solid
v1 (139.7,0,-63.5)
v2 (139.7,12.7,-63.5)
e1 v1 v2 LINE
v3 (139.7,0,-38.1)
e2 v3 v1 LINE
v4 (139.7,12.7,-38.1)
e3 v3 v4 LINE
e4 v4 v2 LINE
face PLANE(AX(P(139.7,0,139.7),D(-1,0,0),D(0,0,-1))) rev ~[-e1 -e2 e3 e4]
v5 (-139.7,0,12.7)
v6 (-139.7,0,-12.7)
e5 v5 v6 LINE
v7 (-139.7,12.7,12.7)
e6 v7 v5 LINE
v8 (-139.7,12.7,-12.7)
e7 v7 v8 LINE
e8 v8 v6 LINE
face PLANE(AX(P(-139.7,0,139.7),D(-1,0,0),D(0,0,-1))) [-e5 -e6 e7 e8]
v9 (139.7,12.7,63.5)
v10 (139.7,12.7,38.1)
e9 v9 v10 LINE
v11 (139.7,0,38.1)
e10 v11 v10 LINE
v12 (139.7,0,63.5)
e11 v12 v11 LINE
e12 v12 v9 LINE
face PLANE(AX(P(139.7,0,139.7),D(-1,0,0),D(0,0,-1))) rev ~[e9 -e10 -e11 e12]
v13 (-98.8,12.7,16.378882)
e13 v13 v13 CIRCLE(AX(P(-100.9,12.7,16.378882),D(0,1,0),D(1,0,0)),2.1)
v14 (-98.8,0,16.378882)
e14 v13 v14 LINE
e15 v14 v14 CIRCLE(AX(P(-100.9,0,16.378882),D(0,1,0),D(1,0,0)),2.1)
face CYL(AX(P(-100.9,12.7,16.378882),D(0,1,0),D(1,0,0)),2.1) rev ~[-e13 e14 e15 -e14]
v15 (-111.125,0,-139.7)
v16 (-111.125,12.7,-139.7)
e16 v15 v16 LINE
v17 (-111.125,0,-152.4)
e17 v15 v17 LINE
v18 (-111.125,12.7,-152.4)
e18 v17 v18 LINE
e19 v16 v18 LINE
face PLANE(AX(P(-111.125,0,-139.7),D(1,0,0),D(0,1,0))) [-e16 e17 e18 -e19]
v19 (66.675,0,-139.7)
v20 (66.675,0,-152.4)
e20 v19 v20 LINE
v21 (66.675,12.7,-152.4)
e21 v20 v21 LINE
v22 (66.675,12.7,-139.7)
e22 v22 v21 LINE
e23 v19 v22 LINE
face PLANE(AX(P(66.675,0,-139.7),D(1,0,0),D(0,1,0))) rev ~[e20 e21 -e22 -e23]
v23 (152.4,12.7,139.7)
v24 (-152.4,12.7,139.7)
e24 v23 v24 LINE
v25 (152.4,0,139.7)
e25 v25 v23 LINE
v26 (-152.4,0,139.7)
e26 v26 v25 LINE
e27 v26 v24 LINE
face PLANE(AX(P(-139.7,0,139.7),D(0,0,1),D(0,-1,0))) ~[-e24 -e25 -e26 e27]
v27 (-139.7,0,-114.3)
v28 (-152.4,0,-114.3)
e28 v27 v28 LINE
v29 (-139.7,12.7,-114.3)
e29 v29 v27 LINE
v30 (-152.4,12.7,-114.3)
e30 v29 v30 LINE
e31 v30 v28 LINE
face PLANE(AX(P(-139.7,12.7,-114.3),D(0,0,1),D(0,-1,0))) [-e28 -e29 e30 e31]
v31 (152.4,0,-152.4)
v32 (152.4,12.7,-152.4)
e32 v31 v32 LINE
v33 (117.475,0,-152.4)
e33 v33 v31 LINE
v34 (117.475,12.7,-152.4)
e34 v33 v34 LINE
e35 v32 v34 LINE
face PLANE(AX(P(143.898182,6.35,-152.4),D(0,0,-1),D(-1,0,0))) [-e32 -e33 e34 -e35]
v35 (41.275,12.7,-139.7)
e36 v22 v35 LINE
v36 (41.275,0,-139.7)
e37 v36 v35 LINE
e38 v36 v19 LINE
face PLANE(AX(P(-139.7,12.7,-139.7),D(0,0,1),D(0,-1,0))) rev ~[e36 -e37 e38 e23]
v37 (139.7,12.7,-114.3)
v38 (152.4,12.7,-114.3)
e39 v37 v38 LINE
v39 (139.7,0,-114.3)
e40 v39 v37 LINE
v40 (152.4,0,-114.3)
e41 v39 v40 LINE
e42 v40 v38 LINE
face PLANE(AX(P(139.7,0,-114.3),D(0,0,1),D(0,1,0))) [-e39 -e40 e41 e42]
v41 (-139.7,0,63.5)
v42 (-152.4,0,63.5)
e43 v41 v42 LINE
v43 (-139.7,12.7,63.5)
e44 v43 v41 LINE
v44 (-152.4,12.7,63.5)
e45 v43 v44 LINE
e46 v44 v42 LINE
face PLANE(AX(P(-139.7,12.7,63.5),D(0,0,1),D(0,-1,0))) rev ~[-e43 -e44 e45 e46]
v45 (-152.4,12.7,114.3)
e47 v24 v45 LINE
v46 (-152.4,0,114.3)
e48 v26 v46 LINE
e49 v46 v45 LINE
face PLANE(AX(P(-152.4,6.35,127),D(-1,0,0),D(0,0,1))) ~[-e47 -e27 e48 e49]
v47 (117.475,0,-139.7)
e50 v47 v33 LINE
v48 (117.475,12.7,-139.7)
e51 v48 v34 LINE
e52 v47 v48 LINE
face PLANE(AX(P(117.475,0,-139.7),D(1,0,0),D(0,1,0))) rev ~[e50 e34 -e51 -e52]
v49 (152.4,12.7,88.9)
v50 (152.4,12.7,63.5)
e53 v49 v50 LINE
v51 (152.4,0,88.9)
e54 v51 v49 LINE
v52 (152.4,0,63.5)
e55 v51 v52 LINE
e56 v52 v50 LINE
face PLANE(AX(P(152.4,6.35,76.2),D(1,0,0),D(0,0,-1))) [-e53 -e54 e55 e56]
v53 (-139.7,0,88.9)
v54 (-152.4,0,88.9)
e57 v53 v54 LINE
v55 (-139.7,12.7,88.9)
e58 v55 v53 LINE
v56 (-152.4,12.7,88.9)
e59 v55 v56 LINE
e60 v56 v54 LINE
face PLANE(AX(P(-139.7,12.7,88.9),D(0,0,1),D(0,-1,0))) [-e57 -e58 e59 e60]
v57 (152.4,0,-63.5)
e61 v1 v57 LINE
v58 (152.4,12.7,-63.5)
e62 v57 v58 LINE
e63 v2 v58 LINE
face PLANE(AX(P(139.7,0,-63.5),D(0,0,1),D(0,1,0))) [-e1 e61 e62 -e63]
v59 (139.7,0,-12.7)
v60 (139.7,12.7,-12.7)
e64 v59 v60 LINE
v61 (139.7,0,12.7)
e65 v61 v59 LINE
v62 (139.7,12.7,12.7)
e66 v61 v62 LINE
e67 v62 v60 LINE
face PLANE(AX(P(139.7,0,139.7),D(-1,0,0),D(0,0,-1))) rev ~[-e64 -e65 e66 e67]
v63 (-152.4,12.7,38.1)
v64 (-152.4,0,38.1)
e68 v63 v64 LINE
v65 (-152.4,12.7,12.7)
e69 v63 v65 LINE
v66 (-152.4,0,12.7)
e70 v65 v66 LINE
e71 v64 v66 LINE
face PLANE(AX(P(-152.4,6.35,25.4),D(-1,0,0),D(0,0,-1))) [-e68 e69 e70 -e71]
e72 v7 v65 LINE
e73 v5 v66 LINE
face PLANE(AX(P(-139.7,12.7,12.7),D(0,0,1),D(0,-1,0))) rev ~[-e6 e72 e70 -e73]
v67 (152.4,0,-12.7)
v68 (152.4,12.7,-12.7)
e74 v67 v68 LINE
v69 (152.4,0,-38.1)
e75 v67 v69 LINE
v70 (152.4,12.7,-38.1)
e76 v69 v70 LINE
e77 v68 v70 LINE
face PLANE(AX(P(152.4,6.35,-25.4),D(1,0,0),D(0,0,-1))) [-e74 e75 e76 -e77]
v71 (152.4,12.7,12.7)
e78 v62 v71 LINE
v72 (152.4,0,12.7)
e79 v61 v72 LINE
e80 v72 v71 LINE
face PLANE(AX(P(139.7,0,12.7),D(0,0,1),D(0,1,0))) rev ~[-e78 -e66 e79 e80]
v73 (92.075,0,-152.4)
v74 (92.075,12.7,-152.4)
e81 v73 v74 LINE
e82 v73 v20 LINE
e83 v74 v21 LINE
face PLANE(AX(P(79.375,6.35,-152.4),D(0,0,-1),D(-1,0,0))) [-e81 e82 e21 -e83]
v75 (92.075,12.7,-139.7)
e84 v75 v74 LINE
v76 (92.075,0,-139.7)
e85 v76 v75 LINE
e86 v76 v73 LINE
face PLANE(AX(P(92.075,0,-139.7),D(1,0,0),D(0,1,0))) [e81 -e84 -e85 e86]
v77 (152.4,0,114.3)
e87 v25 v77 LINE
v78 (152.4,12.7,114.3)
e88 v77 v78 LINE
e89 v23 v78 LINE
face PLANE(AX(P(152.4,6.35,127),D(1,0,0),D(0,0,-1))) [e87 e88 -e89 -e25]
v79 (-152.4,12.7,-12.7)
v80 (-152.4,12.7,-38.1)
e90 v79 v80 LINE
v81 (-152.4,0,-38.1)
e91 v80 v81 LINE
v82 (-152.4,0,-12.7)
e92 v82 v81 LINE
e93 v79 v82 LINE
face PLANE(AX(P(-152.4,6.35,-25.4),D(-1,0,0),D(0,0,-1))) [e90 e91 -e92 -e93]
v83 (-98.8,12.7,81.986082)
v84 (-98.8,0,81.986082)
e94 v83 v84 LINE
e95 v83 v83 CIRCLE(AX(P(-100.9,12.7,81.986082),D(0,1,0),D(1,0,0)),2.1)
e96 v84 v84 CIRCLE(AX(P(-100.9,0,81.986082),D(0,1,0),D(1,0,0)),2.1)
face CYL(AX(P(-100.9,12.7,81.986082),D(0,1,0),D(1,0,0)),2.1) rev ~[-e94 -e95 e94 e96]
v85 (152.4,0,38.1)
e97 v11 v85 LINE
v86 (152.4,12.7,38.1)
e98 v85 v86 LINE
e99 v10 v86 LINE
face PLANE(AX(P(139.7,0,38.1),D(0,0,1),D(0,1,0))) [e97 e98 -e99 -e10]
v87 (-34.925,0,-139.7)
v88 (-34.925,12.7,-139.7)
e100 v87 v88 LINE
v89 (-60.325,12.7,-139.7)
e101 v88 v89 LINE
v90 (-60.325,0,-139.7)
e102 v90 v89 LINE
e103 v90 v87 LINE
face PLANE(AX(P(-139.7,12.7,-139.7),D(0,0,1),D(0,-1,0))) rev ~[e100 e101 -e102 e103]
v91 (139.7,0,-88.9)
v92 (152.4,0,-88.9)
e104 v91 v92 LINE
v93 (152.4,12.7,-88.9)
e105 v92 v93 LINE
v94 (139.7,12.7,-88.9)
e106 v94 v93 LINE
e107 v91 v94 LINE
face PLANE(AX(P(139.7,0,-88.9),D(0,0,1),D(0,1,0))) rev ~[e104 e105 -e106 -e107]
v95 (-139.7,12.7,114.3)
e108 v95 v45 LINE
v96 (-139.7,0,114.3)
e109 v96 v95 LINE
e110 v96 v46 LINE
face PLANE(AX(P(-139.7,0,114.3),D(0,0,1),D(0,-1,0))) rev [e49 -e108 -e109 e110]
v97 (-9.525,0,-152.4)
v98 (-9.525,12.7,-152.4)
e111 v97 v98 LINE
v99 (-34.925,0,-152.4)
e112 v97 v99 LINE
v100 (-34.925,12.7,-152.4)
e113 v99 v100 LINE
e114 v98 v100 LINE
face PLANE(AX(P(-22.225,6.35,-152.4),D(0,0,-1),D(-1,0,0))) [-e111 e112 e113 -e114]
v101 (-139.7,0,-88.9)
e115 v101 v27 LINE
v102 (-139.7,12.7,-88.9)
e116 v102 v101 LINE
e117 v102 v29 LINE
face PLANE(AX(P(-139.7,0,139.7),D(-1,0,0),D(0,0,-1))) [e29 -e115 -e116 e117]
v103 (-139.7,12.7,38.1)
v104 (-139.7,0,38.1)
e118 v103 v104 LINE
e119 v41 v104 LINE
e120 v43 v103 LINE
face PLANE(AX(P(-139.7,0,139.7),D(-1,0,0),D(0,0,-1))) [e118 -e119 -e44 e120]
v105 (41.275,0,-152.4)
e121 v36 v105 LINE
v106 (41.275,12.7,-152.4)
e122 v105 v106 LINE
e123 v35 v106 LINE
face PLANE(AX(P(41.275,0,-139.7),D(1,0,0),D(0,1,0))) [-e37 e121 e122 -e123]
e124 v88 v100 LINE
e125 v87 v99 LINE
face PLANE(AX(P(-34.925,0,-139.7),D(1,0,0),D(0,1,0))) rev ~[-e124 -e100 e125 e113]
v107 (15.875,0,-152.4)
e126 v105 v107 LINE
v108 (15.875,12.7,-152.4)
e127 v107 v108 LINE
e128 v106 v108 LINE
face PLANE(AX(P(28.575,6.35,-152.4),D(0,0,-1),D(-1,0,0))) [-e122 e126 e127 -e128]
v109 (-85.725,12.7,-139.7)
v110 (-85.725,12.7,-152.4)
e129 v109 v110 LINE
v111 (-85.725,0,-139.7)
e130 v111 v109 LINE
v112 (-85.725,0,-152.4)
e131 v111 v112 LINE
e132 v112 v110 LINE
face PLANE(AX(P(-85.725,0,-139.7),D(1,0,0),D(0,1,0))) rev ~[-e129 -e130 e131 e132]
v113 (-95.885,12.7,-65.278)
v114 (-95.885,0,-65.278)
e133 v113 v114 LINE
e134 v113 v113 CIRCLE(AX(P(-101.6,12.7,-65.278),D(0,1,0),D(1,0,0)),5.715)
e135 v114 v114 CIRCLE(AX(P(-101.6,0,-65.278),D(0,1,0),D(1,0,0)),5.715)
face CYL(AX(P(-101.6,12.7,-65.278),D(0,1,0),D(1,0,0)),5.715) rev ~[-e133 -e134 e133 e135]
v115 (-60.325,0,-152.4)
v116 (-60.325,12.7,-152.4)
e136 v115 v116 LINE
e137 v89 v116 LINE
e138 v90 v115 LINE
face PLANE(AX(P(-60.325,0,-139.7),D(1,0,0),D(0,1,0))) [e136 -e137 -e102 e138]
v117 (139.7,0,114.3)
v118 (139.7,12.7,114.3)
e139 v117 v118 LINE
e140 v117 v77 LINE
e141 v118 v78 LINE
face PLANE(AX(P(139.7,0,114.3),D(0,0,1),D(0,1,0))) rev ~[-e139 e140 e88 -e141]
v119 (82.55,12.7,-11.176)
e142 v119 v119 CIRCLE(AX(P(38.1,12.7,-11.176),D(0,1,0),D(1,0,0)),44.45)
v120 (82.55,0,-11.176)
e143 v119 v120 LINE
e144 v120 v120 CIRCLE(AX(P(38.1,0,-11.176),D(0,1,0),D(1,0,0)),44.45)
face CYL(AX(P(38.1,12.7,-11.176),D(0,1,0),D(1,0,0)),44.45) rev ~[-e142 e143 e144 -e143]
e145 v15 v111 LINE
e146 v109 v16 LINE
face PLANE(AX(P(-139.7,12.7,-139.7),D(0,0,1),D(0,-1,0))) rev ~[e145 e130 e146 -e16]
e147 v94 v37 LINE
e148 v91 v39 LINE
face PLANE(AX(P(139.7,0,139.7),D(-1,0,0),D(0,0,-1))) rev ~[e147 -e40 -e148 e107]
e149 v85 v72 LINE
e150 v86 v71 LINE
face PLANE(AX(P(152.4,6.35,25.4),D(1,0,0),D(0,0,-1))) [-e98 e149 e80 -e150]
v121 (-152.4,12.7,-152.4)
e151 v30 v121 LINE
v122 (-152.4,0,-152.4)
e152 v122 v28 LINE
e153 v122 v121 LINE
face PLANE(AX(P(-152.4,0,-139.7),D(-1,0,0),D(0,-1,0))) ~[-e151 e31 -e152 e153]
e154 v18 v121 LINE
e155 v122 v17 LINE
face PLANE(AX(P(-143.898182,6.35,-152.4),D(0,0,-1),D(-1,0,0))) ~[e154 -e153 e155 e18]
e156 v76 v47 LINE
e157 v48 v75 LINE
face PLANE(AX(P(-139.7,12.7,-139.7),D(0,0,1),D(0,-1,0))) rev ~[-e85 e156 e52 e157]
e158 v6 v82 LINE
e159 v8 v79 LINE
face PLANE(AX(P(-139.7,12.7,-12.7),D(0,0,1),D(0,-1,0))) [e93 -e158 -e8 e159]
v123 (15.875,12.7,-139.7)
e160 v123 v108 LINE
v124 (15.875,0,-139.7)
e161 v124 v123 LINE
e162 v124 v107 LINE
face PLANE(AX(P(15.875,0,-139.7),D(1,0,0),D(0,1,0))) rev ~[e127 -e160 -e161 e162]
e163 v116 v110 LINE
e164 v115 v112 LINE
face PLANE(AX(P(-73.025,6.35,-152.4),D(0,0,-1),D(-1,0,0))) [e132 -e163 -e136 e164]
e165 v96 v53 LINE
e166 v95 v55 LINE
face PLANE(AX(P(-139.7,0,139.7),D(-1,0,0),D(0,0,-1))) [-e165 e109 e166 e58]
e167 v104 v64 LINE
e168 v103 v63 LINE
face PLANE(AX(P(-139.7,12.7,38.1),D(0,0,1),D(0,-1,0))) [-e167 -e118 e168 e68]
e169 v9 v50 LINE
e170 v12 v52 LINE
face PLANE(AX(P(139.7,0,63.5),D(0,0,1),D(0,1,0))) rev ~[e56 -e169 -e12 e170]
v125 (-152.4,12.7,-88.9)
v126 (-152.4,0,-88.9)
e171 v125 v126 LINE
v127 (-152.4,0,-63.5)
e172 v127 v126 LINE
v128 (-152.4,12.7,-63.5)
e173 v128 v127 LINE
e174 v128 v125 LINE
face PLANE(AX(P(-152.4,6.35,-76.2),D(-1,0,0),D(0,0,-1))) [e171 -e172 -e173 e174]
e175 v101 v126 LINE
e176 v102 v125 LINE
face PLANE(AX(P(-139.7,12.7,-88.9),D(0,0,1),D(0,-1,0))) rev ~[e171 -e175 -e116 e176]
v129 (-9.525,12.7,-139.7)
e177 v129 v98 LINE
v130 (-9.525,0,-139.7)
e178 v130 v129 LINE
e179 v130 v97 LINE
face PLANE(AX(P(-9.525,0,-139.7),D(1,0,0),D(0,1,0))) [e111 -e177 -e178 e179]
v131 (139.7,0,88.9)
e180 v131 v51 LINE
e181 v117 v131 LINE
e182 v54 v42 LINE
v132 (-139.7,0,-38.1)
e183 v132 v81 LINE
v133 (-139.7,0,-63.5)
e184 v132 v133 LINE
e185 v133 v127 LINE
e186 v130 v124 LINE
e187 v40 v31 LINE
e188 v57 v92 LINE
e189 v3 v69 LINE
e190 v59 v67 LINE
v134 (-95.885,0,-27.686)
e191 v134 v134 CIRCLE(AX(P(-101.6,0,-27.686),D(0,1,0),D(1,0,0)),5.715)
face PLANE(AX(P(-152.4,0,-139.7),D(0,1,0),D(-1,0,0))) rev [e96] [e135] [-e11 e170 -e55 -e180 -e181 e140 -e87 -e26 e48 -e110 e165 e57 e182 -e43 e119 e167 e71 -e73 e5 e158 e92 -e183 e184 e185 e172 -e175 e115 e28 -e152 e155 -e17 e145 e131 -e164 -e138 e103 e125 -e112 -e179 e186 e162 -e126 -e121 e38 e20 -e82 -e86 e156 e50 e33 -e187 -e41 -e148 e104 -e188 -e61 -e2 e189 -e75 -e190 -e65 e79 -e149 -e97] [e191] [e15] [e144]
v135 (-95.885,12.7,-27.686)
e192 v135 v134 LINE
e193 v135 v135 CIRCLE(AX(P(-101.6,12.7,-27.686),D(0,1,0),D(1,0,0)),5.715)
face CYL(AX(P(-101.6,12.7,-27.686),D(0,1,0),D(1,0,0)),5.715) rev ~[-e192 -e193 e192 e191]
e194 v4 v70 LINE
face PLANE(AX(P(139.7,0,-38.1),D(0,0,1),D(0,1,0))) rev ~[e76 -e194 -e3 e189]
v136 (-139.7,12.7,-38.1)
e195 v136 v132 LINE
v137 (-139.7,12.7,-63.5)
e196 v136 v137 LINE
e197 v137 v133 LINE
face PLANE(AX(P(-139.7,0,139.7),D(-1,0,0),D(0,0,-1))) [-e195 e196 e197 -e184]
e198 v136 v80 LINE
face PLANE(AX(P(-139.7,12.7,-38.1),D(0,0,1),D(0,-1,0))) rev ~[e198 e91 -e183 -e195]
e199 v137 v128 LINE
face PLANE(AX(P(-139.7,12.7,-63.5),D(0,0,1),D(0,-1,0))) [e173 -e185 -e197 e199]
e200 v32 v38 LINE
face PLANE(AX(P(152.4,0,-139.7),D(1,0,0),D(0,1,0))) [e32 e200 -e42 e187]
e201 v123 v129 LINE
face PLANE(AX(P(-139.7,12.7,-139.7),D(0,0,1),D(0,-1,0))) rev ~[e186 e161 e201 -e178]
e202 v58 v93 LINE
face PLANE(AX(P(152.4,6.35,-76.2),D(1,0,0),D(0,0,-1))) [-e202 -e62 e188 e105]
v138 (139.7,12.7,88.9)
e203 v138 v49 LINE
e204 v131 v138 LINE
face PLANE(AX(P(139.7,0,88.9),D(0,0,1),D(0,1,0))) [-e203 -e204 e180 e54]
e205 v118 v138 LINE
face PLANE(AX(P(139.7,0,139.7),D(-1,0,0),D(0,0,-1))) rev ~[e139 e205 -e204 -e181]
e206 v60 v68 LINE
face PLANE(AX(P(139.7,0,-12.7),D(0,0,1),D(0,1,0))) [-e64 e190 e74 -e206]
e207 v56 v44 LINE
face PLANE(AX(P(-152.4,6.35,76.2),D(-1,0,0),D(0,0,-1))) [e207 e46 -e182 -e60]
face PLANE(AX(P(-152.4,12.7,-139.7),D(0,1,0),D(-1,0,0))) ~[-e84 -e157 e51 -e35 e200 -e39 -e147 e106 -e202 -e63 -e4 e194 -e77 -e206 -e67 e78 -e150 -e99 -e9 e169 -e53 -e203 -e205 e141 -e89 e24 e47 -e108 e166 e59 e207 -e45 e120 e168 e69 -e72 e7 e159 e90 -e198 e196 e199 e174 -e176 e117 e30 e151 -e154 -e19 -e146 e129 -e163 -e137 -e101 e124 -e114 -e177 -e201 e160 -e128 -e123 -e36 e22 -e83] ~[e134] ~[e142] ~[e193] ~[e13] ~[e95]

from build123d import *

# Parameters (mm, degrees)
SKETCH1_W               = 279.4
SKETCH1_H               = 279.4
BOSS_EXTRUDE1_DEPTH     = 12.7
SKETCH2_W               = 25.4
SKETCH2_H               = 12.7
BOSS_EXTRUDE2_DEPTH     = 12.7
LPATTERN1_COUNT         = 6
LPATTERN1_PITCH         = 50.8
MIRROR1_COPY_1_SKETCH_W = 25.4
MIRROR1_COPY_1_SKETCH_H = 12.7
MIRROR1_COPY_1_DEPTH    = 12.7
MIRROR1_COPY_2_SKETCH_W = 25.4
MIRROR1_COPY_2_SKETCH_H = 12.7
MIRROR1_COPY_2_DEPTH    = 12.7
MIRROR1_COPY_3_SKETCH_W = 25.4
MIRROR1_COPY_3_SKETCH_H = 12.7
MIRROR1_COPY_3_DEPTH    = 12.7
MIRROR1_COPY_4_SKETCH_W = 25.4
MIRROR1_COPY_4_SKETCH_H = 12.7
MIRROR1_COPY_4_DEPTH    = 12.7
MIRROR1_COPY_5_SKETCH_W = 25.4
MIRROR1_COPY_5_SKETCH_H = 12.7
MIRROR1_COPY_5_DEPTH    = 12.7
SKETCH3_W               = 25.4
SKETCH3_H               = 12.7
BOSS_EXTRUDE3_DEPTH     = 12.7
LPATTERN2_COUNT         = 6
LPATTERN2_PITCH         = 50.8
SKETCH5_W               = 17.00363529
SKETCH5_H               = 12.7
BOSS_EXTRUDE4_DEPTH     = 12.7
SKETCH6_R               = 44.45
CUT_EXTRUDE1_DEPTH      = 13.7
SKETCH7_R               = 5.715
CUT_EXTRUDE2_DEPTH      = 13.7
SKETCH8_R               = 2.1
CUT_EXTRUDE3_DEPTH      = 13.7


with BuildPart() as part:
    # Sketch1 → Boss-Extrude1 (new body)
    with BuildSketch(Plane(origin=(0, 0, 0), x_dir=(1, 0, 0), z_dir=(0, 1, 0))):
        Rectangle(SKETCH1_W, SKETCH1_H)
    extrude(amount=BOSS_EXTRUDE1_DEPTH)

    # Sketch2 → Boss-Extrude2 (add)
    with BuildSketch(Plane(origin=(139.7, 0, 0), x_dir=(0, 0, -1), z_dir=(1, 0, 0))):
        with Locations((-127, 6.35)):
            Rectangle(SKETCH2_W, SKETCH2_H)
    boss_extrude2 = extrude(amount=BOSS_EXTRUDE2_DEPTH)

    # LPattern1: Boss-Extrude2 ×6
    with Locations(*[(0, 0, -i * LPATTERN1_PITCH) for i in range(1, LPATTERN1_COUNT)]):
        add(boss_extrude2)

    # Mirror1: Boss-Extrude2 across plane
    add(boss_extrude2.mirror(Plane(origin=(0, 0, 0), x_dir=(0, 0, 1), z_dir=(1, 0, 0))))

    # Mirror1 copy 1 sketch → Mirror1 copy 1 (add)
    with BuildSketch(Plane(origin=(-139.7, 0, -50.8), x_dir=(0, 0, -1), z_dir=(-1, 0, 0))):
        with Locations((-127, -6.35)):
            Rectangle(MIRROR1_COPY_1_SKETCH_W, MIRROR1_COPY_1_SKETCH_H)
    extrude(amount=MIRROR1_COPY_1_DEPTH)

    # Mirror1 copy 2 sketch → Mirror1 copy 2 (add)
    with BuildSketch(Plane(origin=(-139.7, 0, -101.6), x_dir=(0, 0, -1), z_dir=(-1, 0, 0))):
        with Locations((-127, -6.35)):
            Rectangle(MIRROR1_COPY_2_SKETCH_W, MIRROR1_COPY_2_SKETCH_H)
    extrude(amount=MIRROR1_COPY_2_DEPTH)

    # Mirror1 copy 3 sketch → Mirror1 copy 3 (add)
    with BuildSketch(Plane(origin=(-139.7, 0, -152.4), x_dir=(0, 0, -1), z_dir=(-1, 0, 0))):
        with Locations((-127, -6.35)):
            Rectangle(MIRROR1_COPY_3_SKETCH_W, MIRROR1_COPY_3_SKETCH_H)
    extrude(amount=MIRROR1_COPY_3_DEPTH)

    # Mirror1 copy 4 sketch → Mirror1 copy 4 (add)
    with BuildSketch(Plane(origin=(-139.7, 0, -203.2), x_dir=(0, 0, -1), z_dir=(-1, 0, 0))):
        with Locations((-127, -6.35)):
            Rectangle(MIRROR1_COPY_4_SKETCH_W, MIRROR1_COPY_4_SKETCH_H)
    extrude(amount=MIRROR1_COPY_4_DEPTH)

    # Mirror1 copy 5 sketch → Mirror1 copy 5 (add)
    with BuildSketch(Plane(origin=(-139.7, 0, -254), x_dir=(0, 0, -1), z_dir=(-1, 0, 0))):
        with Locations((-127, -6.35)):
            Rectangle(MIRROR1_COPY_5_SKETCH_W, MIRROR1_COPY_5_SKETCH_H)
    extrude(amount=MIRROR1_COPY_5_DEPTH)

    # Sketch3 → Boss-Extrude3 (add)
    with BuildSketch(Plane(origin=(0, 0, -139.7), x_dir=(-1, 0, 0), z_dir=(0, 0, -1))):
        with Locations((-130.175, 6.35)):
            Rectangle(SKETCH3_W, SKETCH3_H)
    boss_extrude3 = extrude(amount=BOSS_EXTRUDE3_DEPTH)

    # LPattern2: Boss-Extrude3 ×6
    with Locations(*[(-i * LPATTERN2_PITCH, 0, 0) for i in range(1, LPATTERN2_COUNT)]):
        add(boss_extrude3)

    # Sketch5 → Boss-Extrude4 (add)
    with BuildSketch(Plane(origin=(0, 0, -139.7), x_dir=(-1, 0, 0), z_dir=(0, 0, -1))):
        with Locations((-143.898182355, 6.35)):
            Rectangle(SKETCH5_W, SKETCH5_H)
    boss_extrude4 = extrude(amount=BOSS_EXTRUDE4_DEPTH)

    # Mirror2: Boss-Extrude4 across plane
    add(boss_extrude4.mirror(Plane(origin=(0, 0, 0), x_dir=(0, 0, 1), z_dir=(1, 0, 0))))

    # Sketch6 → Cut-Extrude1 (cut, through all)
    with BuildSketch(Plane(origin=(0, 12.7, 0), x_dir=(1, 0, 0), z_dir=(0, 1, 0))):
        with Locations((38.1, 11.176)):
            Circle(SKETCH6_R)
    extrude(amount=-CUT_EXTRUDE1_DEPTH, mode=Mode.SUBTRACT)

    # Sketch7 → Cut-Extrude2 (cut, through all)
    with BuildSketch(Plane(origin=(0, 12.7, 0), x_dir=(1, 0, 0), z_dir=(0, 1, 0))):
        with Locations((-101.6, 65.278)):
            Circle(SKETCH7_R)
        with Locations((-101.6, 27.686)):
            Circle(SKETCH7_R)
    extrude(amount=-CUT_EXTRUDE2_DEPTH, mode=Mode.SUBTRACT)

    # Sketch8 → Cut-Extrude3 (cut, through all)
    with BuildSketch(Plane(origin=(0, 12.7, 0), x_dir=(1, 0, 0), z_dir=(0, 1, 0))):
        with Locations((-100.9, -81.986081859)):
            Circle(SKETCH8_R)
        with Locations((-100.9, -16.378881859)):
            Circle(SKETCH8_R)
    extrude(amount=-CUT_EXTRUDE3_DEPTH, mode=Mode.SUBTRACT)


solid = part.part
